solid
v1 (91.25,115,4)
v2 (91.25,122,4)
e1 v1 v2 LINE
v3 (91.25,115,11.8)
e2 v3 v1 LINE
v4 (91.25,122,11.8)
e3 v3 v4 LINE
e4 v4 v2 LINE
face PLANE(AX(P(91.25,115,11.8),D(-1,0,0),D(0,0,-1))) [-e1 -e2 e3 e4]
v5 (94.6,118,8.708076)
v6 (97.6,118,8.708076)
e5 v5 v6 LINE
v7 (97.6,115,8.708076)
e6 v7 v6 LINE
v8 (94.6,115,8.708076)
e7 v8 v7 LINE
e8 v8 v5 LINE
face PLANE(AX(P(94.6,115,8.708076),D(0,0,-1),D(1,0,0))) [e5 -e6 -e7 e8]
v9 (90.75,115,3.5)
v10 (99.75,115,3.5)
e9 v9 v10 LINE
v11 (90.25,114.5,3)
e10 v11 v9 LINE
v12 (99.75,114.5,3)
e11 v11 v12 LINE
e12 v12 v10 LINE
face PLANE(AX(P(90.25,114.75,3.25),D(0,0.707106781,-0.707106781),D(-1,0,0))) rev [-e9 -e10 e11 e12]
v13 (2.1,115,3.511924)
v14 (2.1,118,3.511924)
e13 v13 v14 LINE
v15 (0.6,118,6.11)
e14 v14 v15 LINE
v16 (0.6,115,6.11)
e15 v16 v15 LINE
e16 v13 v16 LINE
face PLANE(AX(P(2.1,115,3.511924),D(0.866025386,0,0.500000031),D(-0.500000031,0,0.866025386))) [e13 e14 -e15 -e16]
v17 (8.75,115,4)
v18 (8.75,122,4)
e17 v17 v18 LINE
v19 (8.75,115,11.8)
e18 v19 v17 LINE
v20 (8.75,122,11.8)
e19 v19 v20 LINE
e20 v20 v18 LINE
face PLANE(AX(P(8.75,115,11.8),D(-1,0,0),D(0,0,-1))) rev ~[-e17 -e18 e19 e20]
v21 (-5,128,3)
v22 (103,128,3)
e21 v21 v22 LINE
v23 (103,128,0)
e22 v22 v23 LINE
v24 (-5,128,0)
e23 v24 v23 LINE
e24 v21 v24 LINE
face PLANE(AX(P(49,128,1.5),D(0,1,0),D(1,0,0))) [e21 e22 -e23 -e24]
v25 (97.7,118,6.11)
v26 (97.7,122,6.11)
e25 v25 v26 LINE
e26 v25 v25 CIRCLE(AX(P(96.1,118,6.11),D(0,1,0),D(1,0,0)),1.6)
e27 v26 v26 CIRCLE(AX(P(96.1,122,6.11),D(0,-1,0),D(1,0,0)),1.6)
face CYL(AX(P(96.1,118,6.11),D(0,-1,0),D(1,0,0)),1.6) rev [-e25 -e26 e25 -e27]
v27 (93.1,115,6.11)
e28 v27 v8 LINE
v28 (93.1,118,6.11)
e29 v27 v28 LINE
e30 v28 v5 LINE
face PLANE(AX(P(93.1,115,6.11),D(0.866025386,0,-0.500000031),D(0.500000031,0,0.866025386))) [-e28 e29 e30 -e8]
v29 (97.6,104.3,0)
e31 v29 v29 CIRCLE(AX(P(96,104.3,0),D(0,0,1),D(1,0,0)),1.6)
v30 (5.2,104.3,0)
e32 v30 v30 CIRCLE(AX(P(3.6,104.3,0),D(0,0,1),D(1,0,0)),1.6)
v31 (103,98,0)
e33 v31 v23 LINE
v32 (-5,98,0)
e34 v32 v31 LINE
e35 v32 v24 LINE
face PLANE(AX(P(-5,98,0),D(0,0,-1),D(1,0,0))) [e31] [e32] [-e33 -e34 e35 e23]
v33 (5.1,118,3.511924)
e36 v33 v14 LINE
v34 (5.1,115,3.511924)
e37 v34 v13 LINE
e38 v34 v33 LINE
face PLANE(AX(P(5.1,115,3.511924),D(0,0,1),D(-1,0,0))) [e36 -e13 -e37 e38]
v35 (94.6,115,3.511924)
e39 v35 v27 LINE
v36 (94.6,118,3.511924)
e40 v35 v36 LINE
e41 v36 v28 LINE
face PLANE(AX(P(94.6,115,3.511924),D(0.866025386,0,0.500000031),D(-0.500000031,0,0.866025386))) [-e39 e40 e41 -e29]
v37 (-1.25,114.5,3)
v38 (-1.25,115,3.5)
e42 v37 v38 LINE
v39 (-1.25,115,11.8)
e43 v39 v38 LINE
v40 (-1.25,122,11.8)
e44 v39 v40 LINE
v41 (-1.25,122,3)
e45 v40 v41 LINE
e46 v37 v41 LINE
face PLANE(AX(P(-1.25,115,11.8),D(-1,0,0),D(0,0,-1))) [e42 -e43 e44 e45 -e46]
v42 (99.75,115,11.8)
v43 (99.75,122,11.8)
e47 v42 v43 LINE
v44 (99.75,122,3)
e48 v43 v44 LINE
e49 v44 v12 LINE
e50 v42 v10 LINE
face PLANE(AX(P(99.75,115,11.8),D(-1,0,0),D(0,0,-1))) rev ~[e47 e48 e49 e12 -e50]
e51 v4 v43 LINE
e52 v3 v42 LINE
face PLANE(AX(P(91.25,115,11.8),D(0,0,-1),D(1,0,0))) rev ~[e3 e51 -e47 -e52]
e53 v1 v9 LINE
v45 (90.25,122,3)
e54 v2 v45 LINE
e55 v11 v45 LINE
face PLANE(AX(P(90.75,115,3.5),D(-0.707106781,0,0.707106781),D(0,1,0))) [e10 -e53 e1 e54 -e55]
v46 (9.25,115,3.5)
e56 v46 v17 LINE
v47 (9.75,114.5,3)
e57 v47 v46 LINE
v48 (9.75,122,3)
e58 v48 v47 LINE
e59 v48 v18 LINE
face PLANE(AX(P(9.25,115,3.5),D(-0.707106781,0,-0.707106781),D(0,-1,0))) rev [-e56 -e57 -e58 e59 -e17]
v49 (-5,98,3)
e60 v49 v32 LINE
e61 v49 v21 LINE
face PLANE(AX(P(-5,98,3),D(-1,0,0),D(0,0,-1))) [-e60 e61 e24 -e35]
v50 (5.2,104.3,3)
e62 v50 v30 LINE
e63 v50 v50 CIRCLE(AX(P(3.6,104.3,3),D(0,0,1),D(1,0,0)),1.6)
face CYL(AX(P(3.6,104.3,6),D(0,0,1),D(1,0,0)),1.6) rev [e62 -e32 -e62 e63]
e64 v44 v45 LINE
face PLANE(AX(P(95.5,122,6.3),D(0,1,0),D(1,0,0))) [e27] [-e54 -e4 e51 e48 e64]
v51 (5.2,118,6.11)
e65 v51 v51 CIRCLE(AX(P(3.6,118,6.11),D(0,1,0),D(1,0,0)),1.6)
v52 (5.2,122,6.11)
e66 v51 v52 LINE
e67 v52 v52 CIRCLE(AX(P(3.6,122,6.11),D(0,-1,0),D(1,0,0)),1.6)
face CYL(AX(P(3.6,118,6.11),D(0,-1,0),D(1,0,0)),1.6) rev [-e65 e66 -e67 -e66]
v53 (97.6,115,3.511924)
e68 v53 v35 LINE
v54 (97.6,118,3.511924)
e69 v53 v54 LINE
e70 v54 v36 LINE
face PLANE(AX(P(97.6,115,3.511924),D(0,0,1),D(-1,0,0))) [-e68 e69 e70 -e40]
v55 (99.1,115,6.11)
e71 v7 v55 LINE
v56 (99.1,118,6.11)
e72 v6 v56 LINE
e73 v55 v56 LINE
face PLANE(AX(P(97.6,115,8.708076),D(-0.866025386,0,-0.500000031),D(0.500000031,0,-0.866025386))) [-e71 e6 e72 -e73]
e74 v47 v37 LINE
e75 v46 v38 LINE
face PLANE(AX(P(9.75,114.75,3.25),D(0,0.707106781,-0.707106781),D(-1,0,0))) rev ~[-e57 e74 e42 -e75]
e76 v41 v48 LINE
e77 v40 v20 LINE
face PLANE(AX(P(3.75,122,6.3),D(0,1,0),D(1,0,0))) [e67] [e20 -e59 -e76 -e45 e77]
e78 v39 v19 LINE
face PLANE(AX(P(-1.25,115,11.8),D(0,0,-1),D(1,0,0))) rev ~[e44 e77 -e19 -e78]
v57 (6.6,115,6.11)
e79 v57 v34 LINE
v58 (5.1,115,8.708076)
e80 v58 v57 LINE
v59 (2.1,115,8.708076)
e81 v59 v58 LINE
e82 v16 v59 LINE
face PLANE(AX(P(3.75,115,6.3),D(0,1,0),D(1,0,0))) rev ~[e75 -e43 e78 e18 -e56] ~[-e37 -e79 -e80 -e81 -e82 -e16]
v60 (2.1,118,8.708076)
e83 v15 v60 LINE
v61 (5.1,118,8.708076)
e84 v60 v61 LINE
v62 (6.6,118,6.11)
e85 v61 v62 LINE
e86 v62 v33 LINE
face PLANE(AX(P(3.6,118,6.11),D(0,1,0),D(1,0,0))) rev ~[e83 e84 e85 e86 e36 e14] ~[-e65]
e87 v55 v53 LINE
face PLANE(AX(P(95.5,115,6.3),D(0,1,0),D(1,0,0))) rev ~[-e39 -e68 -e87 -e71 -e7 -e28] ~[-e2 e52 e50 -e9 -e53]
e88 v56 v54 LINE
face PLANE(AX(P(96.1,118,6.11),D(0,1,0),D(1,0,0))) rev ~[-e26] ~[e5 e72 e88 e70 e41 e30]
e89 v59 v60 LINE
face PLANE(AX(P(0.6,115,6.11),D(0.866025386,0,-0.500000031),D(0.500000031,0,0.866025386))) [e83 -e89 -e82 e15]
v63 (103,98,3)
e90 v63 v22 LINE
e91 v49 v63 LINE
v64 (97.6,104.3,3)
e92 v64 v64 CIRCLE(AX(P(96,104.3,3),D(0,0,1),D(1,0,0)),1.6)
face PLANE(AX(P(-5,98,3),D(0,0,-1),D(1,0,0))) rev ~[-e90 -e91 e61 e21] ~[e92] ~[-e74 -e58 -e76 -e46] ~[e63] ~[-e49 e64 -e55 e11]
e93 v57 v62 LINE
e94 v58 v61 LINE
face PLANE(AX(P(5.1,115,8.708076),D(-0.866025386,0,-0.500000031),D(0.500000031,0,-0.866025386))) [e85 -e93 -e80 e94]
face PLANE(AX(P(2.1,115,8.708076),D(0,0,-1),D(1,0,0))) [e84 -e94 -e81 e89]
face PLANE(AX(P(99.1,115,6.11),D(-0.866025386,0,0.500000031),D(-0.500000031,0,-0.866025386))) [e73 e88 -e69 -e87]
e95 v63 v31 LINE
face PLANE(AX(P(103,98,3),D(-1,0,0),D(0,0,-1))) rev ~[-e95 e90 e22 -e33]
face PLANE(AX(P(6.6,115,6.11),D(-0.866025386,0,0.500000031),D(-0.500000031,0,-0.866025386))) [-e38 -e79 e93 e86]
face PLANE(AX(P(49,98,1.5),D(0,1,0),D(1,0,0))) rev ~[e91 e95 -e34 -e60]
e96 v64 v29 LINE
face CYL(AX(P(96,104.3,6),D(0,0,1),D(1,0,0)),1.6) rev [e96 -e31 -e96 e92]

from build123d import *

# Parameters (mm, degrees)
CYLINDER019_R          = 1.6
CYLINDER019_DEPTH      = 10
PRISM002_DEPTH         = 3
BOX022_W               = 10
BOX022_H               = 11
BOX022_DEPTH           = 7
CYLINDER020_R          = 1.6
CYLINDER020_DEPTH      = 10
PRISM003_DEPTH         = 3
BOX023_W               = 8.5
BOX023_H               = 11
BOX023_DEPTH           = 7
CYLINDER017_R          = 1.6
CYLINDER017_DEPTH      = 10
CYLINDER017_ROLL_ANGLE = -90
CYLINDER015_R          = 1.6
CYLINDER015_DEPTH      = 10
CYLINDER015_ROLL_ANGLE = -90
BOX005_W               = 108
BOX005_H               = 3
BOX005_DEPTH           = 30
CHAMFER001_SIZE        = 1
CHAMFER002_SIZE        = 0.5
CHAMFER003_SIZE        = 0.5
CHAMFER003_ROLL_ANGLE  = -90


with BuildPart() as cylinder019:
    # Cylinder019 → Cylinder019 (new body)
    with BuildSketch(Plane(origin=(3.6, 5.69, -5), x_dir=(1, 0, 0), z_dir=(0, 0, 1))):
        Circle(CYLINDER019_R)
    extrude(amount=CYLINDER019_DEPTH)


with BuildPart() as prism002:
    # Prism002 → Prism002 (new body)
    with BuildSketch(Plane(origin=(3.6, 5.69, -7), x_dir=(1, 0, 0), z_dir=(0, 0, 1))):
        Polygon((3, 0), (1.5, 2.598076), (-1.5, 2.598076), (-3, 0), (-1.5, -2.598076), (1.5, -2.598076), align=None)
    extrude(amount=PRISM002_DEPTH)


with BuildPart() as cut010:
    # Box022 → Box022 (new body)
    with BuildSketch(Plane(origin=(-1.25, 0, -7), x_dir=(1, 0, 0), z_dir=(0, 0, 1))):
        with Locations((5, 5.5)):
            Rectangle(BOX022_W, BOX022_H)
    extrude(amount=BOX022_DEPTH)

    # Cut009: cut Prism002
    add(prism002.part, mode=Mode.SUBTRACT)


with BuildPart() as cut010_1:
    # Cut009 placement: moved
    add(cut010.part.moved(Location((0, 0, -1))))

    # Cut010: cut Cylinder019
    add(cylinder019.part, mode=Mode.SUBTRACT)


with BuildPart() as cut010_2:
    # Cut010 placement: moved
    add(cut010_1.part.moved(Location((0, 76.2, 0))))


with BuildPart() as cylinder020:
    # Cylinder020 → Cylinder020 (new body)
    with BuildSketch(Plane(origin=(3.6, 5.69, -5), x_dir=(1, 0, 0), z_dir=(0, 0, 1))):
        Circle(CYLINDER020_R)
    extrude(amount=CYLINDER020_DEPTH)


with BuildPart() as prism003:
    # Prism003 → Prism003 (new body)
    with BuildSketch(Plane(origin=(3.6, 5.69, -7), x_dir=(1, 0, 0), z_dir=(0, 0, 1))):
        Polygon((3, 0), (1.5, 2.598076), (-1.5, 2.598076), (-3, 0), (-1.5, -2.598076), (1.5, -2.598076), align=None)
    extrude(amount=PRISM003_DEPTH)


with BuildPart() as cut012:
    # Box023 → Box023 (new body)
    with BuildSketch(Plane(origin=(-1.25, 0, -7), x_dir=(1, 0, 0), z_dir=(0, 0, 1))):
        with Locations((4.25, 5.5)):
            Rectangle(BOX023_W, BOX023_H)
    extrude(amount=BOX023_DEPTH)

    # Cut011: cut Prism003
    add(prism003.part, mode=Mode.SUBTRACT)


with BuildPart() as cut012_1:
    # Cut011 placement: moved
    add(cut012.part.moved(Location((0, 0, -1))))

    # Cut012: cut Cylinder020
    add(cylinder020.part, mode=Mode.SUBTRACT)


with BuildPart() as cut012_2:
    # Cut012 placement: moved
    add(cut012_1.part.moved(Location((92.5, 76.2, 0))))


with BuildPart() as cylinder017:
    # Cylinder017 → Cylinder017 (new body)
    with BuildSketch(Plane.XY):
        Circle(CYLINDER017_R)
    extrude(amount=CYLINDER017_DEPTH)


with BuildPart() as cylinder017_1:
    # Cylinder017 roll: moved
    add(cylinder017.part.rotate(Axis((0, 0, 0), (1, 0, 0)), CYLINDER017_ROLL_ANGLE))


with BuildPart() as cylinder017_2:
    # Cylinder017 placement: moved
    add(cylinder017_1.part.moved(Location((96, 82, -18.7))))


with BuildPart() as left_holes:
    # Cylinder015 → Cylinder015 (new body)
    with BuildSketch(Plane.XY):
        Circle(CYLINDER015_R)
    extrude(amount=CYLINDER015_DEPTH)


with BuildPart() as left_holes_1:
    # Cylinder015 roll: moved
    add(left_holes.part.rotate(Axis((0, 0, 0), (1, 0, 0)), CYLINDER015_ROLL_ANGLE))


with BuildPart() as left_holes_2:
    # Cylinder015 placement: moved
    add(left_holes_1.part.moved(Location((3.6, 82, -18.7))))

    # Fusion006: union Cylinder017
    add(cylinder017_2.part)


with BuildPart() as left_side001:
    # Box005 → Box005 (new body)
    with BuildSketch(Plane(origin=(-5, 85, -25), x_dir=(1, 0, 0), z_dir=(0, 0, 1))):
        with Locations((54, 1.5)):
            Rectangle(BOX005_W, BOX005_H)
    extrude(amount=BOX005_DEPTH)

    # Cut026: cut left holes
    add(left_holes_2.part, mode=Mode.SUBTRACT)

    # Fusion012: union Cut010, Cut012
    add(cut010_2.part)
    add(cut012_2.part)

    # Chamfer001
    chamfer001_edges = [left_side001.edges().sort_by_distance(p)[0] for p in [
        (91.25, 85, -4.5),
        (8.75, 85, -4.5),
    ]]
    chamfer(chamfer001_edges, length=CHAMFER001_SIZE)

    # Chamfer002
    chamfer002_edges = [left_side001.edges().sort_by_distance(p)[0] for p in [
        (95.5, 85, -8),
    ]]
    chamfer(chamfer002_edges, length=CHAMFER002_SIZE)

    # Chamfer003
    chamfer003_edges = [left_side001.edges().sort_by_distance(p)[0] for p in [
        (3.75, 85, -8),
    ]]
    chamfer(chamfer003_edges, length=CHAMFER003_SIZE)


with BuildPart() as left_side001_1:
    # Chamfer003 roll: moved
    add(left_side001.part.rotate(Axis((0, 0, 0), (1, 0, 0)), CHAMFER003_ROLL_ANGLE))


with BuildPart() as left_side001_2:
    # Chamfer003 placement: moved
    add(left_side001_1.part.moved(Location((0, 123, 88))))


solid = left_side001_2.part
